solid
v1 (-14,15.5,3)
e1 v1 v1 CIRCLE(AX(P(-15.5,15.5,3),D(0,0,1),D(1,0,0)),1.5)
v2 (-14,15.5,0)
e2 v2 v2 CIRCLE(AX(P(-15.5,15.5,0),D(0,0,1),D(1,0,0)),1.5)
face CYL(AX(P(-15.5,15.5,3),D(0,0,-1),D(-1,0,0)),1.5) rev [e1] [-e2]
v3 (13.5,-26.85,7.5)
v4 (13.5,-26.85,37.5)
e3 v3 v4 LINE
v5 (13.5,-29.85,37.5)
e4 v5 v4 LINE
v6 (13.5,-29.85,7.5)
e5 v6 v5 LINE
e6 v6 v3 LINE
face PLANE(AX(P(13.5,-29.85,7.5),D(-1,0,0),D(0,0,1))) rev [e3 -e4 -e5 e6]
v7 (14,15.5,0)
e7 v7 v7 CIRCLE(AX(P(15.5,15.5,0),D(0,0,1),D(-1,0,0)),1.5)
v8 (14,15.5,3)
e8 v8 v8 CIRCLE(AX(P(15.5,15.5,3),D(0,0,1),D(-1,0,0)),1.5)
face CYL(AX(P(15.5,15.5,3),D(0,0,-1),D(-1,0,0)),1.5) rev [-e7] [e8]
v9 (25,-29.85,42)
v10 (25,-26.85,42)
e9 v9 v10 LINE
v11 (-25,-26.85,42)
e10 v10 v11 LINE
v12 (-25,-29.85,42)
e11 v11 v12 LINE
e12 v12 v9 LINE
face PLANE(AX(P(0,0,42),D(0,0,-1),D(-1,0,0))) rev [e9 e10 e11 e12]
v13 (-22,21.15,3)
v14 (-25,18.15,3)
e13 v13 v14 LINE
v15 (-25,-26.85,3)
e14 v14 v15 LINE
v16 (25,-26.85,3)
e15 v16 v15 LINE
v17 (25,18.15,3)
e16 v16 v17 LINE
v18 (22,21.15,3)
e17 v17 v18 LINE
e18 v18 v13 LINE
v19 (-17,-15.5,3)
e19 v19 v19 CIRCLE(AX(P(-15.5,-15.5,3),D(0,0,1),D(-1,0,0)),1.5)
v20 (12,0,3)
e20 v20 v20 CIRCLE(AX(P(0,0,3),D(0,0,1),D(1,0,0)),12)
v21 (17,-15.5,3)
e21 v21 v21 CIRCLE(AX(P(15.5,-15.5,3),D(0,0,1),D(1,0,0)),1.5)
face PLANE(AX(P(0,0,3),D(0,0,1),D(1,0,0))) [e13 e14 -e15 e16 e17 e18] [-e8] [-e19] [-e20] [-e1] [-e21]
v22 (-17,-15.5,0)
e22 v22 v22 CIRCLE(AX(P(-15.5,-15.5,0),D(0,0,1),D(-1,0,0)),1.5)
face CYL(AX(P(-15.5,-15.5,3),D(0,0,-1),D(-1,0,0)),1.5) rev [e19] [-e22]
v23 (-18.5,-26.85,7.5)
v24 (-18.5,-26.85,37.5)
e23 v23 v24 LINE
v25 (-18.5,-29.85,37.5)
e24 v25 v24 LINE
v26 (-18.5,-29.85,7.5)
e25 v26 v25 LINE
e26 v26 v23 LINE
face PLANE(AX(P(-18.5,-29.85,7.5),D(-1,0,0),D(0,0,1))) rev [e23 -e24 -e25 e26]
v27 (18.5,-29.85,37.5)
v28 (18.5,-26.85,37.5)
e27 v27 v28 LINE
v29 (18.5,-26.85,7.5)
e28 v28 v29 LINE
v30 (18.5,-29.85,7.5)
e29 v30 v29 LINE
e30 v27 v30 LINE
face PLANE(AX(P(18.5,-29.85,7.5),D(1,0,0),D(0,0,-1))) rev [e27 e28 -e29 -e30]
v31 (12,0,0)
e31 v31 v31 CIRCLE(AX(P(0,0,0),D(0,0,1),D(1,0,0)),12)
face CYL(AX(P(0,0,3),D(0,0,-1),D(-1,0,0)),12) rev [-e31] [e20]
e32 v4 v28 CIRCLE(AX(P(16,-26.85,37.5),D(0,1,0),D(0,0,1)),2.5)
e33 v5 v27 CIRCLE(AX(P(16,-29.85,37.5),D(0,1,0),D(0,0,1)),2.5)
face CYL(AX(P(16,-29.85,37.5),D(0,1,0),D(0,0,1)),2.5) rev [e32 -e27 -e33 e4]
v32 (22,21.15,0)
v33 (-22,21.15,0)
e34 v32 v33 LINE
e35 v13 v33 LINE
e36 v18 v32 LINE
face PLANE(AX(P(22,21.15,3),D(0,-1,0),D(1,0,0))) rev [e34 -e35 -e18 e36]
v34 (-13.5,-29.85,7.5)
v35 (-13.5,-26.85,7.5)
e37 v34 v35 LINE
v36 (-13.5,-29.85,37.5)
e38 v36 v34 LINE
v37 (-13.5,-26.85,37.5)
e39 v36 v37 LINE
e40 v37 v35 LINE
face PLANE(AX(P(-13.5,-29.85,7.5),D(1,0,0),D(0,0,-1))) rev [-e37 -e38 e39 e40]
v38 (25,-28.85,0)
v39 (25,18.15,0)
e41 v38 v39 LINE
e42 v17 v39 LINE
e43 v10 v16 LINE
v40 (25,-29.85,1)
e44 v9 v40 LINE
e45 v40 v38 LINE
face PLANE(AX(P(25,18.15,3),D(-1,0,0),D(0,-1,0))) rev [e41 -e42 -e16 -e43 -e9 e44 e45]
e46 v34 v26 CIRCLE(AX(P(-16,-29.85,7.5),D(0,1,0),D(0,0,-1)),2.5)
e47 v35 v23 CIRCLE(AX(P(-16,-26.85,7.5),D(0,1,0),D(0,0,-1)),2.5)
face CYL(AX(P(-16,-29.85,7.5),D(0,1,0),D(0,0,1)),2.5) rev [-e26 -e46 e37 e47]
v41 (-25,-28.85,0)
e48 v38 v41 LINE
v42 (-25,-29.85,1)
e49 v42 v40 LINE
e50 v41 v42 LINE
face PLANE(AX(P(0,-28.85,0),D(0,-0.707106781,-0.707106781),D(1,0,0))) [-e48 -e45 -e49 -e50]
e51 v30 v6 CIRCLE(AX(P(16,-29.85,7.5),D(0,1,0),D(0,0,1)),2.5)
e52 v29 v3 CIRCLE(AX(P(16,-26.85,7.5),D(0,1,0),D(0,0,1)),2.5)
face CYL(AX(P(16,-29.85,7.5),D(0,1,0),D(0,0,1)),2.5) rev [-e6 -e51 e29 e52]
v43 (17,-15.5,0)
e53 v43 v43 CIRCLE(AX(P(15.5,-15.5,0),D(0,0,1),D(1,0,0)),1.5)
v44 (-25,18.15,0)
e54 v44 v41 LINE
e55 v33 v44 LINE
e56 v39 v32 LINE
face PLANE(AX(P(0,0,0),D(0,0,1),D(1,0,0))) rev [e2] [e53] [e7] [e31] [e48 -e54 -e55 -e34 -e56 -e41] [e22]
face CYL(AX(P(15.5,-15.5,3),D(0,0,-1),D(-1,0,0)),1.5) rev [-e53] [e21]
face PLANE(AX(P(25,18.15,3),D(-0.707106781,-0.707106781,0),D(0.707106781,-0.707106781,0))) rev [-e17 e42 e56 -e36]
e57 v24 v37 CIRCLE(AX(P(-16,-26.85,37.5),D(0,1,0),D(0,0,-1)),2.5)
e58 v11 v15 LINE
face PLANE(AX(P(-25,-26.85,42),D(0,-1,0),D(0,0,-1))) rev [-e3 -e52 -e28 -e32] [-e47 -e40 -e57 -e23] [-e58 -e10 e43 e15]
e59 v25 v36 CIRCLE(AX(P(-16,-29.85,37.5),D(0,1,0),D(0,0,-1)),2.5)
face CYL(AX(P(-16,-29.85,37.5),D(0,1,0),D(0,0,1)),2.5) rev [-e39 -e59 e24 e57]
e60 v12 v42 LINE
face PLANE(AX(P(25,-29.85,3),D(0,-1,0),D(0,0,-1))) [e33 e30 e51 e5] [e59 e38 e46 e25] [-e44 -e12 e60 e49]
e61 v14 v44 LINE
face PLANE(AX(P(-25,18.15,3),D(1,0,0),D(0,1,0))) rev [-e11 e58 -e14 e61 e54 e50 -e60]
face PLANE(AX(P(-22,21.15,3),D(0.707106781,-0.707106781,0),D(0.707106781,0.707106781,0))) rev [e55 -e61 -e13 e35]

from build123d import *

# Parameters (mm, degrees)
SKETCH1_R           = 12
SKETCH1_R_2         = 1.5
BOSS_EXTRUDE1_DEPTH = 3
BOSS_EXTRUDE2_DEPTH = 3
SKETCH3_W           = 50
SKETCH3_H           = 3
BOSS_EXTRUDE3_DEPTH = 39
CHAMFER1_SIZE       = 1
CUT_EXTRUDE1_DEPTH  = 3


with BuildPart() as part:
    # Sketch1 → Boss-Extrude1 (new body)
    with BuildSketch(Plane.XY):
        Polygon((-22, 21.15), (-25, 18.15), (-25, -23.85), (-22, -26.85), (22, -26.85), (25, -23.85), (25, 18.15), (22, 21.15), align=None)
        Circle(SKETCH1_R, mode=Mode.SUBTRACT)
        with Locations((-15.5, 15.5)):
            Circle(SKETCH1_R_2, mode=Mode.SUBTRACT)
        with Locations((15.5, 15.5)):
            Circle(SKETCH1_R_2, mode=Mode.SUBTRACT)
        with Locations((-15.5, -15.5)):
            Circle(SKETCH1_R_2, mode=Mode.SUBTRACT)
        with Locations((15.5, -15.5)):
            Circle(SKETCH1_R_2, mode=Mode.SUBTRACT)
    extrude(amount=BOSS_EXTRUDE1_DEPTH)

    # Sketch2 → Boss-Extrude2 (add)
    with BuildSketch(Plane(origin=(0, 0, 0), x_dir=(-1, 0, 0), z_dir=(0, 0, -1))):
        Polygon((-25, -23.85), (-25, -29.85), (25, -29.85), (25, -23.85), (22, -26.85), (-22, -26.85), align=None)
    extrude(amount=-BOSS_EXTRUDE2_DEPTH)

    # Sketch3 → Boss-Extrude3 (add)
    with BuildSketch(Plane.XY.offset(3)):
        with Locations((0, -28.35)):
            Rectangle(SKETCH3_W, SKETCH3_H)
    extrude(amount=BOSS_EXTRUDE3_DEPTH)

    # Chamfer1
    chamfer1_edges = [part.edges().sort_by_distance(p)[0] for p in [
        (0, -29.85, 0),
    ]]
    chamfer(chamfer1_edges, length=CHAMFER1_SIZE)

    # Sketch4 → Cut-Extrude1 (cut)
    with BuildSketch(Plane(origin=(0, -26.85, 0), x_dir=(1, 0, 0), z_dir=(0, 1, 0))):
        with BuildLine():
            Line((18.5, -7.5), (18.5, -37.5))
            ThreePointArc((18.5, -37.5), (16, -40), (13.5, -37.5))
            Line((13.5, -37.5), (13.5, -7.5))
            ThreePointArc((13.5, -7.5), (16, -5), (18.5, -7.5))
        make_face()
        with BuildLine():
            Line((-18.5, -7.5), (-18.5, -37.5))
            ThreePointArc((-18.5, -37.5), (-16, -40), (-13.5, -37.5))
            Line((-13.5, -37.5), (-13.5, -7.5))
            ThreePointArc((-13.5, -7.5), (-16, -5), (-18.5, -7.5))
        make_face()
    extrude(amount=-CUT_EXTRUDE1_DEPTH, mode=Mode.SUBTRACT)


solid = part.part
